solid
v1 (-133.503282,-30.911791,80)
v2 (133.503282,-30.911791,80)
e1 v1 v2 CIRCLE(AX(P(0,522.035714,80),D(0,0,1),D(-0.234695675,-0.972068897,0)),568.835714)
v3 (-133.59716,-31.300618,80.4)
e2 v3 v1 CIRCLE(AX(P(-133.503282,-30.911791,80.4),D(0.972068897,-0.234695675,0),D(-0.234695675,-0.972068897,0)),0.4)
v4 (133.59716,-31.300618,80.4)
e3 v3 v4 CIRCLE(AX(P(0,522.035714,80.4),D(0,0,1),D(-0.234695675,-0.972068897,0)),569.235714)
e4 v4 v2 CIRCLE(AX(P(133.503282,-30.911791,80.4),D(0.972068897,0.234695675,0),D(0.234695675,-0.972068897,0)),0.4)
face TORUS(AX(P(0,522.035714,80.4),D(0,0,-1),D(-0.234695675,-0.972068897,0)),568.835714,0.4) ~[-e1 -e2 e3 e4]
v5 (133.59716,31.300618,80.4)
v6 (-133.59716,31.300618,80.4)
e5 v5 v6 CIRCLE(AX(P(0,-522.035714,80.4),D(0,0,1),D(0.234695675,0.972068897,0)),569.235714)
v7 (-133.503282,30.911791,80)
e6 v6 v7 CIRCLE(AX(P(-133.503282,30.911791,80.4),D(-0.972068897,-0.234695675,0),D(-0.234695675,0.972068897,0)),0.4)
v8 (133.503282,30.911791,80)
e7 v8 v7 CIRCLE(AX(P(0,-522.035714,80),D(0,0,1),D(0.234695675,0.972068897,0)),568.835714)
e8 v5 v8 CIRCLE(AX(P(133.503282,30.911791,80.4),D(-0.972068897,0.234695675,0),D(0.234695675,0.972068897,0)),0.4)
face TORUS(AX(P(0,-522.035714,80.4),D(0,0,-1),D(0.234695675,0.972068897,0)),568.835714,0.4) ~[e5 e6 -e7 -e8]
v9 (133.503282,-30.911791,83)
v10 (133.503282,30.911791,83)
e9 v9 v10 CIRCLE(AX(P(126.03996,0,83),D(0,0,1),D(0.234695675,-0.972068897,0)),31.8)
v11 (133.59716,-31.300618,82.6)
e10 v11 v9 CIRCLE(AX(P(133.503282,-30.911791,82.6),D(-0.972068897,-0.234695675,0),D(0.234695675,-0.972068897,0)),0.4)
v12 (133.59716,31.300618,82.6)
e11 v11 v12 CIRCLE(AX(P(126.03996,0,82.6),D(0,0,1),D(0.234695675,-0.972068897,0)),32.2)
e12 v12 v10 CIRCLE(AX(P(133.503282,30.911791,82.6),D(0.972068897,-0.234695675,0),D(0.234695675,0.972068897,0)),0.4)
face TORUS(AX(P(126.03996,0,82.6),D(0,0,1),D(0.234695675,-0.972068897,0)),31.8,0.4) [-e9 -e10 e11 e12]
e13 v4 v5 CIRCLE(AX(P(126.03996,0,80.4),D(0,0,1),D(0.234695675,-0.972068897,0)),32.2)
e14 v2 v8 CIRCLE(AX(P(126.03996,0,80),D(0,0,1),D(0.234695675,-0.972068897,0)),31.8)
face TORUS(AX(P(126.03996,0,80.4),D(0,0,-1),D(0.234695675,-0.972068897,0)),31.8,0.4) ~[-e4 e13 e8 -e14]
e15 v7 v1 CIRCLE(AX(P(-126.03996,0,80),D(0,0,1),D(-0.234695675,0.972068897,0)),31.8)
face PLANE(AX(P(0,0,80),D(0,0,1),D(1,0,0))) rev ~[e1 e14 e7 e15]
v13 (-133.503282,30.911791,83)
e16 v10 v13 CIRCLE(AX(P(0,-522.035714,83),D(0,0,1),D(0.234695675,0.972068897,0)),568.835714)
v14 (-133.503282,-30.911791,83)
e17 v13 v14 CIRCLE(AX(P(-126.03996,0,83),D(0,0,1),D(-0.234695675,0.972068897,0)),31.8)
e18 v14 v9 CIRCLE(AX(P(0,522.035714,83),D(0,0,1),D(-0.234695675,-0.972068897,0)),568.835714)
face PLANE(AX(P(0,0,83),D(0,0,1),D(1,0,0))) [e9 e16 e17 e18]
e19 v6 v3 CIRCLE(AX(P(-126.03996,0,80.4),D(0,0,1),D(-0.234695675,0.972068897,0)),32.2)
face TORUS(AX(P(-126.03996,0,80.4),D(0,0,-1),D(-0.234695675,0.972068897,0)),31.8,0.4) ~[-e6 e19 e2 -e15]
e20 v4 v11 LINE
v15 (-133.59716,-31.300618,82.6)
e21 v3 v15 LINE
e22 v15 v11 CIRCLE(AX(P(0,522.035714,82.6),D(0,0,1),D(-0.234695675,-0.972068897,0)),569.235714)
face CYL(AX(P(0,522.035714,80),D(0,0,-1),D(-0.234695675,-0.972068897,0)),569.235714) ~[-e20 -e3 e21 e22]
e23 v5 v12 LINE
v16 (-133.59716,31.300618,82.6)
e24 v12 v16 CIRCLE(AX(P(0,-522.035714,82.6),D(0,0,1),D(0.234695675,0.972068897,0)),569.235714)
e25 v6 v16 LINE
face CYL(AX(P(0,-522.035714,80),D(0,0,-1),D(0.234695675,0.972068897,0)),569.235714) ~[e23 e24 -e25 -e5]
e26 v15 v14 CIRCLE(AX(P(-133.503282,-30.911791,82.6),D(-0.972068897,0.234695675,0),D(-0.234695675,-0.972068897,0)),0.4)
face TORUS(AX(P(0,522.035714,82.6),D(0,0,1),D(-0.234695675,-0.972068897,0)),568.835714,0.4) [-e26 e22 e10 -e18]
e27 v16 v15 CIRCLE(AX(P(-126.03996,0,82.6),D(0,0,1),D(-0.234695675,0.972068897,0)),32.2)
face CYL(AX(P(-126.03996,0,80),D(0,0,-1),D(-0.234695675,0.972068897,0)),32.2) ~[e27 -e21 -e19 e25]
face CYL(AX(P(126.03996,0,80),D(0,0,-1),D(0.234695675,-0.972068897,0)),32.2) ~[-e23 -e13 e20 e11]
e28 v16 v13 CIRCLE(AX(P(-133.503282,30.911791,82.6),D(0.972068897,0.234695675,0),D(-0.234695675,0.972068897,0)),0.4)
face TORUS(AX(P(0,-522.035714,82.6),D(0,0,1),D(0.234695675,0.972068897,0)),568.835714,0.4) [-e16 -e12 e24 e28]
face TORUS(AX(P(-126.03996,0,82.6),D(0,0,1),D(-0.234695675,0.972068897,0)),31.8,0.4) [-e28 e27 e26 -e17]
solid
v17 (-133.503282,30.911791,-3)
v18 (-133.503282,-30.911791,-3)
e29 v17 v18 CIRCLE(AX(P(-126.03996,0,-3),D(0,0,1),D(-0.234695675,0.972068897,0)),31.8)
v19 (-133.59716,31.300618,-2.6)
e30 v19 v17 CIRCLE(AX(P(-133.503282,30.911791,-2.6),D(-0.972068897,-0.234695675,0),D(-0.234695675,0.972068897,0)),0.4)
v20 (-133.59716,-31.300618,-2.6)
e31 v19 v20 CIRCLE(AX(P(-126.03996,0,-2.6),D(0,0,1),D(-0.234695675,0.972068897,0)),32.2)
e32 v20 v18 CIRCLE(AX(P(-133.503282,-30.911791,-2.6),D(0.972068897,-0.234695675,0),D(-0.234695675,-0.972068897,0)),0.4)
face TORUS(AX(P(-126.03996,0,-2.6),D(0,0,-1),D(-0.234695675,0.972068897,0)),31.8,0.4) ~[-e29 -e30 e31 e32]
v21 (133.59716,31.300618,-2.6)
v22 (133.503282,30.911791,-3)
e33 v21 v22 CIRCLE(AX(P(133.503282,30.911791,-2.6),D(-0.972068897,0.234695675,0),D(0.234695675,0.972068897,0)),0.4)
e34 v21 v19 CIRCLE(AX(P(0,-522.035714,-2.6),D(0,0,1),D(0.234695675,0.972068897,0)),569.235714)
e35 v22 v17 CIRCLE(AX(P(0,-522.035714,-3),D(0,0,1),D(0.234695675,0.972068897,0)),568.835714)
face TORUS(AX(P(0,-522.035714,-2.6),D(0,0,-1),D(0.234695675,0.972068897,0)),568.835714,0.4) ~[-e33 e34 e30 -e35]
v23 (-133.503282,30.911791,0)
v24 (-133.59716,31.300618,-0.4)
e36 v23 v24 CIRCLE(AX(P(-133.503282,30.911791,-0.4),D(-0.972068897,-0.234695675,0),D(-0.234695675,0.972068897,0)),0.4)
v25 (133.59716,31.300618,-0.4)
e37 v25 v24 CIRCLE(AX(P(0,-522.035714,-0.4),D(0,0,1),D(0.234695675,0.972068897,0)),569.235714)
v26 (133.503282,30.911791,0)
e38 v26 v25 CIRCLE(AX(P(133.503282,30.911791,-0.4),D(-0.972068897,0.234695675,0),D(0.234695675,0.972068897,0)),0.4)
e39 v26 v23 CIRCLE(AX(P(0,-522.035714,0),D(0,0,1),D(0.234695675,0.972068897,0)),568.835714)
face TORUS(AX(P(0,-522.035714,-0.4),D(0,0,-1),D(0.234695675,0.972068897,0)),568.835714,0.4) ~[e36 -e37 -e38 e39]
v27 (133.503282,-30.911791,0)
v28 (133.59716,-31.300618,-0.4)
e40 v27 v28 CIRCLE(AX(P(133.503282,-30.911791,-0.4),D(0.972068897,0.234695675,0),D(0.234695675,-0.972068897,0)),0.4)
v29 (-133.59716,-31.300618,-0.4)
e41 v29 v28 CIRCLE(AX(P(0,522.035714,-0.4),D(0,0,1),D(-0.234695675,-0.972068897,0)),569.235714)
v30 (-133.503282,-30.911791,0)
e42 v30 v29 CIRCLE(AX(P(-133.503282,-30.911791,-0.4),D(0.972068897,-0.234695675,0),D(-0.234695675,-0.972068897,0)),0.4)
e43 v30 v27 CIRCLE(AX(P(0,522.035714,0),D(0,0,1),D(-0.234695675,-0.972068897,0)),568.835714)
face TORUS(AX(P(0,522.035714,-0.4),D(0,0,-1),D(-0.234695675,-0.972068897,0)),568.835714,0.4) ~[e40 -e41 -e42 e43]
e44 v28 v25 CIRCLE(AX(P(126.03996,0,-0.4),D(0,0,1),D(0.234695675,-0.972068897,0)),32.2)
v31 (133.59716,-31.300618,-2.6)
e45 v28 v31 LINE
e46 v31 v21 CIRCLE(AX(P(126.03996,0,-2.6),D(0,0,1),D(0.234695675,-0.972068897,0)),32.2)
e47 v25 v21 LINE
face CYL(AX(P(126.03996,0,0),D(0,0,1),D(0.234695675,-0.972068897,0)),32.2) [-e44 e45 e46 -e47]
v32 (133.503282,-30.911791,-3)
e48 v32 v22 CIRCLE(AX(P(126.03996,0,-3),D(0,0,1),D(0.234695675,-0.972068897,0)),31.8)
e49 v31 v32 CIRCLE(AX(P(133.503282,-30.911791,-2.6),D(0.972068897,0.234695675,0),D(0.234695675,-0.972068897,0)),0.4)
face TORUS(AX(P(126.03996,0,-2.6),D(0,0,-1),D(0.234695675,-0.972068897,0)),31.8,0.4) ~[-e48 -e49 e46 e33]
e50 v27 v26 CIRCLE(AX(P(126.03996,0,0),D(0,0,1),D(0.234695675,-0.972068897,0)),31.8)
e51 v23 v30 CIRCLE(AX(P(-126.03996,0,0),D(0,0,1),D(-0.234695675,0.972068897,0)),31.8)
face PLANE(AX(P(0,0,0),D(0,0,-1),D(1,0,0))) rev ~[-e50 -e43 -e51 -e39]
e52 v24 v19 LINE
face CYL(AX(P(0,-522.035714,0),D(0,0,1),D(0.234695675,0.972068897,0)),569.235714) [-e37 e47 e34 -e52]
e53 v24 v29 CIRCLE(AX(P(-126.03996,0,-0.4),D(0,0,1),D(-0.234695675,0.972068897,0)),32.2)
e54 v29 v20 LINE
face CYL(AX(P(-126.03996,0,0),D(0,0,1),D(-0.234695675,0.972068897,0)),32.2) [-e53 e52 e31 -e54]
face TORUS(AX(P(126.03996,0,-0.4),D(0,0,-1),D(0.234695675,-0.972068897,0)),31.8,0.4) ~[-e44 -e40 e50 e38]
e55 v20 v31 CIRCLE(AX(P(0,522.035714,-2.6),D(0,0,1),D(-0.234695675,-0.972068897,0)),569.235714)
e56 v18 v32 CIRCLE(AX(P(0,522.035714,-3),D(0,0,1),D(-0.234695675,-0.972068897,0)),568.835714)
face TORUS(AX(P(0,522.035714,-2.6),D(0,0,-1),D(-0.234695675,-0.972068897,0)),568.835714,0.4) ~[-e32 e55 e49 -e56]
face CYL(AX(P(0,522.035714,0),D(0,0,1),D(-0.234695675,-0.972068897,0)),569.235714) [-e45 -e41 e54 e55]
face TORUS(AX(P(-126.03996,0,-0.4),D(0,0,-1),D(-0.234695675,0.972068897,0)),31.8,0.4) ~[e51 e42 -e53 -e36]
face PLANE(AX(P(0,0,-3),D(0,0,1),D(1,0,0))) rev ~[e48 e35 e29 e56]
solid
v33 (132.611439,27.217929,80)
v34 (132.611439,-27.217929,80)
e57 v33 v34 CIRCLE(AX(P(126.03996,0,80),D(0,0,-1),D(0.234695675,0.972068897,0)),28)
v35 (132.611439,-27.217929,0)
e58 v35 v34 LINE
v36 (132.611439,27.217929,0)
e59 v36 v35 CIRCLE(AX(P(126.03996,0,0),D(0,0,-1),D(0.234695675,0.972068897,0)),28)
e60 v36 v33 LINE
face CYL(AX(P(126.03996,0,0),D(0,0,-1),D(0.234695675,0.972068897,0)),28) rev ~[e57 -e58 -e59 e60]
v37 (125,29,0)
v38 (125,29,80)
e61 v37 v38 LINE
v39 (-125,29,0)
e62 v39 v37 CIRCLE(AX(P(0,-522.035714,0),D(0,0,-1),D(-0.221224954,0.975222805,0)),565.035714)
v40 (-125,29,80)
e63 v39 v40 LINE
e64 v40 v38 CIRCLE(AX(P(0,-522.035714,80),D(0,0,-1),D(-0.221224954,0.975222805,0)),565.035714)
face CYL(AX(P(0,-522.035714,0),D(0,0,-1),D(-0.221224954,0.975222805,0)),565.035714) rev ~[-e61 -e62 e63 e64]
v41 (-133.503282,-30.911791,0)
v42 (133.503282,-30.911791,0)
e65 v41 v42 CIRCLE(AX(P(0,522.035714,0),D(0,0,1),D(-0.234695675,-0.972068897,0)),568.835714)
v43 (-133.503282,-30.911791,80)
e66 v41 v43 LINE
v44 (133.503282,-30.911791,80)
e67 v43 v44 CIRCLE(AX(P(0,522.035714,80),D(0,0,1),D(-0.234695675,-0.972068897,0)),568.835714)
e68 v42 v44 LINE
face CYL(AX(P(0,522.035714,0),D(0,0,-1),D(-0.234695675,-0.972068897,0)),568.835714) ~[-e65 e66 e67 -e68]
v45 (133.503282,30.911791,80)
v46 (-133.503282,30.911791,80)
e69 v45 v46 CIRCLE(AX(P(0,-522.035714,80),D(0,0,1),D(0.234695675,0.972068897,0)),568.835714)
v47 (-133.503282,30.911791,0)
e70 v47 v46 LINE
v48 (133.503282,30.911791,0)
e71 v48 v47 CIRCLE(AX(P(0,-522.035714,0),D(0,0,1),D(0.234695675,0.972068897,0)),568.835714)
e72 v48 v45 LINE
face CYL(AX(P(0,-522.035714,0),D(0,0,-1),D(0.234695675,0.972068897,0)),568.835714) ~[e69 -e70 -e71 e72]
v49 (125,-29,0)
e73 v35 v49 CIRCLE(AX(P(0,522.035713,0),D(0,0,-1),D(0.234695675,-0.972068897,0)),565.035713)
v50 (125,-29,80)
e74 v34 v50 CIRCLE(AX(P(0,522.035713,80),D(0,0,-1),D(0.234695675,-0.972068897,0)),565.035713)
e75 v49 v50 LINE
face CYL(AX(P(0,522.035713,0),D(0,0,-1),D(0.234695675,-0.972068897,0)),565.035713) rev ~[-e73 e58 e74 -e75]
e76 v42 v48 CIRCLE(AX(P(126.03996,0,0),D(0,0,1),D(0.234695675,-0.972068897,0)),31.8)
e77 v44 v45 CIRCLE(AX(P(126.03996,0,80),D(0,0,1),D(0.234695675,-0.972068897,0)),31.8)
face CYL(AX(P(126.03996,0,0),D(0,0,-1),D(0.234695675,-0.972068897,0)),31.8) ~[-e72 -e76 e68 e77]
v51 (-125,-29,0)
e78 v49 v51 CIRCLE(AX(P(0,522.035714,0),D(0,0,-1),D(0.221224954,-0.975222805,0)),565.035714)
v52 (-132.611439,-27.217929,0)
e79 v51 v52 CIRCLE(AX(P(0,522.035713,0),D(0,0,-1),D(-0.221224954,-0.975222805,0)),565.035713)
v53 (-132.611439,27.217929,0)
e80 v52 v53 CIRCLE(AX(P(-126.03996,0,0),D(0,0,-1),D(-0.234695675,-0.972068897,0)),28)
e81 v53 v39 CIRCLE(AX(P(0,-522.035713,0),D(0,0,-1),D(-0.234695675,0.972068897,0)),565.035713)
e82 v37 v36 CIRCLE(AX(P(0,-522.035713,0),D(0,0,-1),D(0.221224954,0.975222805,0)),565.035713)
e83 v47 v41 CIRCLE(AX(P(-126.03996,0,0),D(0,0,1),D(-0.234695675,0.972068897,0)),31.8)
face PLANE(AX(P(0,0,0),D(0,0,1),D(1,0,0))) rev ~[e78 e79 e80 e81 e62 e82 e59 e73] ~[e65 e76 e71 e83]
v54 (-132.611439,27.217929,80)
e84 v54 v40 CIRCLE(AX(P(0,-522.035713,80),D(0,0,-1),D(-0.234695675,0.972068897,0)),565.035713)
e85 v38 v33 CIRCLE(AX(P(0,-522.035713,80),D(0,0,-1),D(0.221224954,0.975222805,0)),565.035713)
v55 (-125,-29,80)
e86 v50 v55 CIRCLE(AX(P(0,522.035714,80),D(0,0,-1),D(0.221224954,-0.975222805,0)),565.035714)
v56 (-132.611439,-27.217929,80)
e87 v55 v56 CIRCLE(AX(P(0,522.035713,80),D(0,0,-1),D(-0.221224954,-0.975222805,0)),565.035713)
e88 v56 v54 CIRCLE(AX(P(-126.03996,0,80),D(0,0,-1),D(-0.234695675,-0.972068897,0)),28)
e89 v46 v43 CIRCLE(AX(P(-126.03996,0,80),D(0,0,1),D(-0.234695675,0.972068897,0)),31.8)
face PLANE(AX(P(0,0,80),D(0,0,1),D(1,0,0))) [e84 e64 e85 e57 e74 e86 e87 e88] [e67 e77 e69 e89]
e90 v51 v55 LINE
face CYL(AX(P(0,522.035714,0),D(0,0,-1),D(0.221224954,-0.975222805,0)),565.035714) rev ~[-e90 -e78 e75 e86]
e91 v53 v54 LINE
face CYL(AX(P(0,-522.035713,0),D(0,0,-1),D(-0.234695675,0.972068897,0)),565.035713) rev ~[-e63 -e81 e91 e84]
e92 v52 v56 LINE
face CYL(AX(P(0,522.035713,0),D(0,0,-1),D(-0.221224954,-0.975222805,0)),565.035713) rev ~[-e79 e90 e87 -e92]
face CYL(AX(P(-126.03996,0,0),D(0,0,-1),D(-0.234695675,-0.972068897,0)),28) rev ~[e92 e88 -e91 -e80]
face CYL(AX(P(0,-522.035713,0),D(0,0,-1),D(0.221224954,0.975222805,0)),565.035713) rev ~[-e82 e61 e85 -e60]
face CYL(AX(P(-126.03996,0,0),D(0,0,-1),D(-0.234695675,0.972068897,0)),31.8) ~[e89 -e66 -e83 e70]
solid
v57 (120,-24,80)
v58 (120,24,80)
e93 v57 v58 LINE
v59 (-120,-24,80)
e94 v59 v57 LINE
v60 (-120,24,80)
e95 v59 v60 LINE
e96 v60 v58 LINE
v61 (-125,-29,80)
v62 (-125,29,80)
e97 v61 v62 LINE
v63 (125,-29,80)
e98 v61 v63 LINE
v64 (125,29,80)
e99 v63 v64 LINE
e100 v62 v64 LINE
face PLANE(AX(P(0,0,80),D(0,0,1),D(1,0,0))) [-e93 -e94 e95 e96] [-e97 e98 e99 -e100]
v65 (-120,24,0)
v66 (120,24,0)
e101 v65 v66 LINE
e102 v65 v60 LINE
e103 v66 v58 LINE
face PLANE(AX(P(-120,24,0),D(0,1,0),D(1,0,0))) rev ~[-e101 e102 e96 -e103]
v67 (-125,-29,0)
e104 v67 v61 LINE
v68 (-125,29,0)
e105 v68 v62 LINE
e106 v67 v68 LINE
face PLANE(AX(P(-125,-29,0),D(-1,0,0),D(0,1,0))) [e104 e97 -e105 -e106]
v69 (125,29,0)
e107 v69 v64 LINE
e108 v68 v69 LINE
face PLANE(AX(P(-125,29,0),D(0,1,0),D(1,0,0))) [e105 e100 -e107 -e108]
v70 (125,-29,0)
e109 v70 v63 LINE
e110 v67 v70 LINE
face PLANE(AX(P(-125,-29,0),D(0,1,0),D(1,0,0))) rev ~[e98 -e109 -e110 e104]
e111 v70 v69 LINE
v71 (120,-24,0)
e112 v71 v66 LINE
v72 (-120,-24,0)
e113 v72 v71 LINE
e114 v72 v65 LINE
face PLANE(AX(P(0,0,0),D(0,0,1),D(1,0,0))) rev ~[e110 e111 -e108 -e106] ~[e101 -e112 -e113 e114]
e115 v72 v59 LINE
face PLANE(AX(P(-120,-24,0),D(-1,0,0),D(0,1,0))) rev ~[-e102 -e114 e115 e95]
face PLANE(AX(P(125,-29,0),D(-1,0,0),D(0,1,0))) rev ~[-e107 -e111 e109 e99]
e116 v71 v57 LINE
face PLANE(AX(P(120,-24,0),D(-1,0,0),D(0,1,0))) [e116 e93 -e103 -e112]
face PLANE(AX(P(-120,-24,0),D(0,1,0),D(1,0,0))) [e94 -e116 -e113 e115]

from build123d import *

# Parameters (mm, degrees)
F1_DEPTH = 80
F0_W     = 250
F0_H     = 58
F0_W_2   = 240
F0_H_2   = 48
F2_DEPTH = 3
F6_DEPTH = 3
F7_R     = 0.4
F7_2_R   = 0.4


with BuildPart() as f1:
    # F0 (on Top) → F1 (new body)
    with BuildSketch(Plane.XY):
        with BuildLine():
            ThreePointArc((133.503282126, -30.9117909157), (157.83995965, 0), (133.503282126, 30.9117909157))
            ThreePointArc((133.503282126, 30.9117909157), (0, 46.8), (-133.503282126, 30.9117909157))
            ThreePointArc((-133.503282126, 30.9117909157), (-157.83995965, 0), (-133.503282126, -30.9117909157))
            ThreePointArc((-133.503282126, -30.9117909157), (0, -46.8), (133.503282126, -30.9117909157))
        make_face()
        with BuildLine():
            ThreePointArc((-125, 29), (0, 43), (125, 29))
            ThreePointArc((125, 29), (128.8088011875, 28.1221277515), (132.6114385597, 27.2179291082))
            ThreePointArc((132.6114385597, 27.2179291082), (154.03995965, 0), (132.6114385597, -27.2179291082))
            ThreePointArc((132.6114385597, -27.2179291082), (128.8088011875, -28.1221277515), (125, -29))
            ThreePointArc((125, -29), (0, -43), (-125, -29))
            ThreePointArc((-125, -29), (-128.8088011875, -28.1221277515), (-132.6114385597, -27.2179291082))
            ThreePointArc((-132.6114385597, -27.2179291082), (-154.03995965, 0), (-132.6114385597, 27.2179291082))
            ThreePointArc((-132.6114385597, 27.2179291082), (-128.8088011875, 28.1221277515), (-125, 29))
        make_face(mode=Mode.SUBTRACT)
    extrude(amount=F1_DEPTH)


with BuildPart() as f1b:
    # F0 (on Top) → F1, piece 2 (new body)
    with BuildSketch(Plane.XY):
        Rectangle(F0_W, F0_H)
        Rectangle(F0_W_2, F0_H_2, mode=Mode.SUBTRACT)
    extrude(amount=F1_DEPTH)


with BuildPart() as f2:
    # F0 (on Top) + F1_face (on face) → F2 (new body)
    with BuildSketch(Plane.XY):
        with BuildLine():
            ThreePointArc((133.5971603962, -31.3006184744), (158.23995965, 0), (133.5971603962, 31.3006184744))
            ThreePointArc((133.5971603962, 31.3006184744), (0, 47.2), (-133.5971603962, 31.3006184744))
            ThreePointArc((-133.5971603962, 31.3006184744), (-158.23995965, 0), (-133.5971603962, -31.3006184744))
            ThreePointArc((-133.5971603962, -31.3006184744), (0, -47.2), (133.5971603962, -31.3006184744))
        make_face()
        with BuildLine():
            ThreePointArc((-133.503282126, 30.9117909157), (0, 46.8), (133.503282126, 30.9117909157))
            ThreePointArc((133.503282126, 30.9117909157), (157.83995965, 0), (133.503282126, -30.9117909157))
            ThreePointArc((133.503282126, -30.9117909157), (0, -46.8), (-133.503282126, -30.9117909157))
            ThreePointArc((-133.503282126, -30.9117909157), (-157.83995965, 0), (-133.503282126, 30.9117909157))
        make_face(mode=Mode.SUBTRACT)
        with BuildLine():
            ThreePointArc((132.6114385597, 27.2179291082), (128.8088011875, 28.1221277515), (125, 29))
            Line((125, 29), (125, -29))
            ThreePointArc((125, -29), (128.8088011875, -28.1221277515), (132.6114385597, -27.2179291082))
            ThreePointArc((132.6114385597, -27.2179291082), (154.03995965, 0), (132.6114385597, 27.2179291082))
        make_face()
        with BuildLine():
            Line((-125, 29), (125, 29))
            ThreePointArc((125, 29), (0, 43), (-125, 29))
        make_face()
        Rectangle(F0_W, F0_H)
        Rectangle(F0_W_2, F0_H_2, mode=Mode.SUBTRACT)
        Rectangle(F0_W_2, F0_H_2)
        with BuildLine():
            ThreePointArc((-125, -29), (0, -43), (125, -29))
            Line((125, -29), (-125, -29))
        make_face()
        with BuildLine():
            Line((-125, -29), (-125, 29))
            ThreePointArc((-125, 29), (-128.8088011875, 28.1221277515), (-132.6114385597, 27.2179291082))
            ThreePointArc((-132.6114385597, 27.2179291082), (-154.03995965, 0), (-132.6114385597, -27.2179291082))
            ThreePointArc((-132.6114385597, -27.2179291082), (-128.8088011875, -28.1221277515), (-125, -29))
        make_face()
    with BuildSketch(Plane(origin=(1.1e-09, 0, 0), x_dir=(1, 0, 0), z_dir=(0, 0, -1))):
        with BuildLine():
            ThreePointArc((-133.5032821272, 30.9117909157), (-157.8399596511, 0), (-133.5032821272, -30.9117909158))
            ThreePointArc((-133.5032821272, -30.9117909158), (-1.1e-09, -46.8), (133.5032821249, -30.9117909158))
            ThreePointArc((133.5032821249, -30.9117909158), (157.8399596489, 0), (133.5032821249, 30.9117909157))
            ThreePointArc((133.5032821249, 30.9117909157), (-1.1e-09, 46.8), (-133.5032821272, 30.9117909157))
        make_face()
        with BuildLine():
            ThreePointArc((132.6114385585, -27.2179291081), (-1.2e-09, -43), (-132.6114385609, -27.2179291082))
            ThreePointArc((-132.6114385609, -27.2179291082), (-154.0399596511, 0), (-132.6114385609, 27.2179291082))
            ThreePointArc((-132.6114385609, 27.2179291083), (-1.1e-09, 43), (132.6114385586, 27.2179291082))
            ThreePointArc((132.6114385586, 27.2179291082), (154.0399596489, 0), (132.6114385586, -27.2179291082))
        make_face(mode=Mode.SUBTRACT)
    extrude(amount=-F2_DEPTH, dir=(0, 0, 1))

    # F3: union 

    # F4: union 

    # F7#2
    f7_2_edges = [f2.edges().sort_by_distance(p)[0] for p in [
        (-158.23996, 0, 0),
        (0, -47.2, 0),
        (158.23996, 0, 0),
        (0, 47.2, 0),
        (-158.23996, 0, -3),
        (0, -47.2, -3),
        (158.23996, 0, -3),
        (0, 47.2, -3),
    ]]
    fillet(f7_2_edges, radius=F7_2_R)


with BuildPart() as f6:
    # F5 (on face) → F6 (new body)
    with BuildSketch(Plane.XY.offset(80)):
        with BuildLine():
            ThreePointArc((-133.5971603962, 31.3006184744), (-158.23995965, 0), (-133.5971603962, -31.3006184744))
            ThreePointArc((-133.5971603962, -31.3006184744), (0, -47.2), (133.5971603962, -31.3006184744))
            ThreePointArc((133.5971603962, -31.3006184744), (158.23995965, 0), (133.5971603962, 31.3006184744))
            ThreePointArc((133.5971603962, 31.3006184744), (0, 47.2), (-133.5971603962, 31.3006184744))
        make_face()
    extrude(amount=F6_DEPTH)

    # F7
    f7_edges = [f6.edges().sort_by_distance(p)[0] for p in [
        (-158.23996, 0, 83),
        (0, -47.2, 83),
        (158.23996, 0, 83),
        (0, 47.2, 83),
        (-158.23996, 0, 80),
        (0, -47.2, 80),
        (158.23996, 0, 80),
        (0, 47.2, 80),
    ]]
    fillet(f7_edges, radius=F7_R)


solid = Compound([f1.part, f1b.part, f2.part, f6.part])
